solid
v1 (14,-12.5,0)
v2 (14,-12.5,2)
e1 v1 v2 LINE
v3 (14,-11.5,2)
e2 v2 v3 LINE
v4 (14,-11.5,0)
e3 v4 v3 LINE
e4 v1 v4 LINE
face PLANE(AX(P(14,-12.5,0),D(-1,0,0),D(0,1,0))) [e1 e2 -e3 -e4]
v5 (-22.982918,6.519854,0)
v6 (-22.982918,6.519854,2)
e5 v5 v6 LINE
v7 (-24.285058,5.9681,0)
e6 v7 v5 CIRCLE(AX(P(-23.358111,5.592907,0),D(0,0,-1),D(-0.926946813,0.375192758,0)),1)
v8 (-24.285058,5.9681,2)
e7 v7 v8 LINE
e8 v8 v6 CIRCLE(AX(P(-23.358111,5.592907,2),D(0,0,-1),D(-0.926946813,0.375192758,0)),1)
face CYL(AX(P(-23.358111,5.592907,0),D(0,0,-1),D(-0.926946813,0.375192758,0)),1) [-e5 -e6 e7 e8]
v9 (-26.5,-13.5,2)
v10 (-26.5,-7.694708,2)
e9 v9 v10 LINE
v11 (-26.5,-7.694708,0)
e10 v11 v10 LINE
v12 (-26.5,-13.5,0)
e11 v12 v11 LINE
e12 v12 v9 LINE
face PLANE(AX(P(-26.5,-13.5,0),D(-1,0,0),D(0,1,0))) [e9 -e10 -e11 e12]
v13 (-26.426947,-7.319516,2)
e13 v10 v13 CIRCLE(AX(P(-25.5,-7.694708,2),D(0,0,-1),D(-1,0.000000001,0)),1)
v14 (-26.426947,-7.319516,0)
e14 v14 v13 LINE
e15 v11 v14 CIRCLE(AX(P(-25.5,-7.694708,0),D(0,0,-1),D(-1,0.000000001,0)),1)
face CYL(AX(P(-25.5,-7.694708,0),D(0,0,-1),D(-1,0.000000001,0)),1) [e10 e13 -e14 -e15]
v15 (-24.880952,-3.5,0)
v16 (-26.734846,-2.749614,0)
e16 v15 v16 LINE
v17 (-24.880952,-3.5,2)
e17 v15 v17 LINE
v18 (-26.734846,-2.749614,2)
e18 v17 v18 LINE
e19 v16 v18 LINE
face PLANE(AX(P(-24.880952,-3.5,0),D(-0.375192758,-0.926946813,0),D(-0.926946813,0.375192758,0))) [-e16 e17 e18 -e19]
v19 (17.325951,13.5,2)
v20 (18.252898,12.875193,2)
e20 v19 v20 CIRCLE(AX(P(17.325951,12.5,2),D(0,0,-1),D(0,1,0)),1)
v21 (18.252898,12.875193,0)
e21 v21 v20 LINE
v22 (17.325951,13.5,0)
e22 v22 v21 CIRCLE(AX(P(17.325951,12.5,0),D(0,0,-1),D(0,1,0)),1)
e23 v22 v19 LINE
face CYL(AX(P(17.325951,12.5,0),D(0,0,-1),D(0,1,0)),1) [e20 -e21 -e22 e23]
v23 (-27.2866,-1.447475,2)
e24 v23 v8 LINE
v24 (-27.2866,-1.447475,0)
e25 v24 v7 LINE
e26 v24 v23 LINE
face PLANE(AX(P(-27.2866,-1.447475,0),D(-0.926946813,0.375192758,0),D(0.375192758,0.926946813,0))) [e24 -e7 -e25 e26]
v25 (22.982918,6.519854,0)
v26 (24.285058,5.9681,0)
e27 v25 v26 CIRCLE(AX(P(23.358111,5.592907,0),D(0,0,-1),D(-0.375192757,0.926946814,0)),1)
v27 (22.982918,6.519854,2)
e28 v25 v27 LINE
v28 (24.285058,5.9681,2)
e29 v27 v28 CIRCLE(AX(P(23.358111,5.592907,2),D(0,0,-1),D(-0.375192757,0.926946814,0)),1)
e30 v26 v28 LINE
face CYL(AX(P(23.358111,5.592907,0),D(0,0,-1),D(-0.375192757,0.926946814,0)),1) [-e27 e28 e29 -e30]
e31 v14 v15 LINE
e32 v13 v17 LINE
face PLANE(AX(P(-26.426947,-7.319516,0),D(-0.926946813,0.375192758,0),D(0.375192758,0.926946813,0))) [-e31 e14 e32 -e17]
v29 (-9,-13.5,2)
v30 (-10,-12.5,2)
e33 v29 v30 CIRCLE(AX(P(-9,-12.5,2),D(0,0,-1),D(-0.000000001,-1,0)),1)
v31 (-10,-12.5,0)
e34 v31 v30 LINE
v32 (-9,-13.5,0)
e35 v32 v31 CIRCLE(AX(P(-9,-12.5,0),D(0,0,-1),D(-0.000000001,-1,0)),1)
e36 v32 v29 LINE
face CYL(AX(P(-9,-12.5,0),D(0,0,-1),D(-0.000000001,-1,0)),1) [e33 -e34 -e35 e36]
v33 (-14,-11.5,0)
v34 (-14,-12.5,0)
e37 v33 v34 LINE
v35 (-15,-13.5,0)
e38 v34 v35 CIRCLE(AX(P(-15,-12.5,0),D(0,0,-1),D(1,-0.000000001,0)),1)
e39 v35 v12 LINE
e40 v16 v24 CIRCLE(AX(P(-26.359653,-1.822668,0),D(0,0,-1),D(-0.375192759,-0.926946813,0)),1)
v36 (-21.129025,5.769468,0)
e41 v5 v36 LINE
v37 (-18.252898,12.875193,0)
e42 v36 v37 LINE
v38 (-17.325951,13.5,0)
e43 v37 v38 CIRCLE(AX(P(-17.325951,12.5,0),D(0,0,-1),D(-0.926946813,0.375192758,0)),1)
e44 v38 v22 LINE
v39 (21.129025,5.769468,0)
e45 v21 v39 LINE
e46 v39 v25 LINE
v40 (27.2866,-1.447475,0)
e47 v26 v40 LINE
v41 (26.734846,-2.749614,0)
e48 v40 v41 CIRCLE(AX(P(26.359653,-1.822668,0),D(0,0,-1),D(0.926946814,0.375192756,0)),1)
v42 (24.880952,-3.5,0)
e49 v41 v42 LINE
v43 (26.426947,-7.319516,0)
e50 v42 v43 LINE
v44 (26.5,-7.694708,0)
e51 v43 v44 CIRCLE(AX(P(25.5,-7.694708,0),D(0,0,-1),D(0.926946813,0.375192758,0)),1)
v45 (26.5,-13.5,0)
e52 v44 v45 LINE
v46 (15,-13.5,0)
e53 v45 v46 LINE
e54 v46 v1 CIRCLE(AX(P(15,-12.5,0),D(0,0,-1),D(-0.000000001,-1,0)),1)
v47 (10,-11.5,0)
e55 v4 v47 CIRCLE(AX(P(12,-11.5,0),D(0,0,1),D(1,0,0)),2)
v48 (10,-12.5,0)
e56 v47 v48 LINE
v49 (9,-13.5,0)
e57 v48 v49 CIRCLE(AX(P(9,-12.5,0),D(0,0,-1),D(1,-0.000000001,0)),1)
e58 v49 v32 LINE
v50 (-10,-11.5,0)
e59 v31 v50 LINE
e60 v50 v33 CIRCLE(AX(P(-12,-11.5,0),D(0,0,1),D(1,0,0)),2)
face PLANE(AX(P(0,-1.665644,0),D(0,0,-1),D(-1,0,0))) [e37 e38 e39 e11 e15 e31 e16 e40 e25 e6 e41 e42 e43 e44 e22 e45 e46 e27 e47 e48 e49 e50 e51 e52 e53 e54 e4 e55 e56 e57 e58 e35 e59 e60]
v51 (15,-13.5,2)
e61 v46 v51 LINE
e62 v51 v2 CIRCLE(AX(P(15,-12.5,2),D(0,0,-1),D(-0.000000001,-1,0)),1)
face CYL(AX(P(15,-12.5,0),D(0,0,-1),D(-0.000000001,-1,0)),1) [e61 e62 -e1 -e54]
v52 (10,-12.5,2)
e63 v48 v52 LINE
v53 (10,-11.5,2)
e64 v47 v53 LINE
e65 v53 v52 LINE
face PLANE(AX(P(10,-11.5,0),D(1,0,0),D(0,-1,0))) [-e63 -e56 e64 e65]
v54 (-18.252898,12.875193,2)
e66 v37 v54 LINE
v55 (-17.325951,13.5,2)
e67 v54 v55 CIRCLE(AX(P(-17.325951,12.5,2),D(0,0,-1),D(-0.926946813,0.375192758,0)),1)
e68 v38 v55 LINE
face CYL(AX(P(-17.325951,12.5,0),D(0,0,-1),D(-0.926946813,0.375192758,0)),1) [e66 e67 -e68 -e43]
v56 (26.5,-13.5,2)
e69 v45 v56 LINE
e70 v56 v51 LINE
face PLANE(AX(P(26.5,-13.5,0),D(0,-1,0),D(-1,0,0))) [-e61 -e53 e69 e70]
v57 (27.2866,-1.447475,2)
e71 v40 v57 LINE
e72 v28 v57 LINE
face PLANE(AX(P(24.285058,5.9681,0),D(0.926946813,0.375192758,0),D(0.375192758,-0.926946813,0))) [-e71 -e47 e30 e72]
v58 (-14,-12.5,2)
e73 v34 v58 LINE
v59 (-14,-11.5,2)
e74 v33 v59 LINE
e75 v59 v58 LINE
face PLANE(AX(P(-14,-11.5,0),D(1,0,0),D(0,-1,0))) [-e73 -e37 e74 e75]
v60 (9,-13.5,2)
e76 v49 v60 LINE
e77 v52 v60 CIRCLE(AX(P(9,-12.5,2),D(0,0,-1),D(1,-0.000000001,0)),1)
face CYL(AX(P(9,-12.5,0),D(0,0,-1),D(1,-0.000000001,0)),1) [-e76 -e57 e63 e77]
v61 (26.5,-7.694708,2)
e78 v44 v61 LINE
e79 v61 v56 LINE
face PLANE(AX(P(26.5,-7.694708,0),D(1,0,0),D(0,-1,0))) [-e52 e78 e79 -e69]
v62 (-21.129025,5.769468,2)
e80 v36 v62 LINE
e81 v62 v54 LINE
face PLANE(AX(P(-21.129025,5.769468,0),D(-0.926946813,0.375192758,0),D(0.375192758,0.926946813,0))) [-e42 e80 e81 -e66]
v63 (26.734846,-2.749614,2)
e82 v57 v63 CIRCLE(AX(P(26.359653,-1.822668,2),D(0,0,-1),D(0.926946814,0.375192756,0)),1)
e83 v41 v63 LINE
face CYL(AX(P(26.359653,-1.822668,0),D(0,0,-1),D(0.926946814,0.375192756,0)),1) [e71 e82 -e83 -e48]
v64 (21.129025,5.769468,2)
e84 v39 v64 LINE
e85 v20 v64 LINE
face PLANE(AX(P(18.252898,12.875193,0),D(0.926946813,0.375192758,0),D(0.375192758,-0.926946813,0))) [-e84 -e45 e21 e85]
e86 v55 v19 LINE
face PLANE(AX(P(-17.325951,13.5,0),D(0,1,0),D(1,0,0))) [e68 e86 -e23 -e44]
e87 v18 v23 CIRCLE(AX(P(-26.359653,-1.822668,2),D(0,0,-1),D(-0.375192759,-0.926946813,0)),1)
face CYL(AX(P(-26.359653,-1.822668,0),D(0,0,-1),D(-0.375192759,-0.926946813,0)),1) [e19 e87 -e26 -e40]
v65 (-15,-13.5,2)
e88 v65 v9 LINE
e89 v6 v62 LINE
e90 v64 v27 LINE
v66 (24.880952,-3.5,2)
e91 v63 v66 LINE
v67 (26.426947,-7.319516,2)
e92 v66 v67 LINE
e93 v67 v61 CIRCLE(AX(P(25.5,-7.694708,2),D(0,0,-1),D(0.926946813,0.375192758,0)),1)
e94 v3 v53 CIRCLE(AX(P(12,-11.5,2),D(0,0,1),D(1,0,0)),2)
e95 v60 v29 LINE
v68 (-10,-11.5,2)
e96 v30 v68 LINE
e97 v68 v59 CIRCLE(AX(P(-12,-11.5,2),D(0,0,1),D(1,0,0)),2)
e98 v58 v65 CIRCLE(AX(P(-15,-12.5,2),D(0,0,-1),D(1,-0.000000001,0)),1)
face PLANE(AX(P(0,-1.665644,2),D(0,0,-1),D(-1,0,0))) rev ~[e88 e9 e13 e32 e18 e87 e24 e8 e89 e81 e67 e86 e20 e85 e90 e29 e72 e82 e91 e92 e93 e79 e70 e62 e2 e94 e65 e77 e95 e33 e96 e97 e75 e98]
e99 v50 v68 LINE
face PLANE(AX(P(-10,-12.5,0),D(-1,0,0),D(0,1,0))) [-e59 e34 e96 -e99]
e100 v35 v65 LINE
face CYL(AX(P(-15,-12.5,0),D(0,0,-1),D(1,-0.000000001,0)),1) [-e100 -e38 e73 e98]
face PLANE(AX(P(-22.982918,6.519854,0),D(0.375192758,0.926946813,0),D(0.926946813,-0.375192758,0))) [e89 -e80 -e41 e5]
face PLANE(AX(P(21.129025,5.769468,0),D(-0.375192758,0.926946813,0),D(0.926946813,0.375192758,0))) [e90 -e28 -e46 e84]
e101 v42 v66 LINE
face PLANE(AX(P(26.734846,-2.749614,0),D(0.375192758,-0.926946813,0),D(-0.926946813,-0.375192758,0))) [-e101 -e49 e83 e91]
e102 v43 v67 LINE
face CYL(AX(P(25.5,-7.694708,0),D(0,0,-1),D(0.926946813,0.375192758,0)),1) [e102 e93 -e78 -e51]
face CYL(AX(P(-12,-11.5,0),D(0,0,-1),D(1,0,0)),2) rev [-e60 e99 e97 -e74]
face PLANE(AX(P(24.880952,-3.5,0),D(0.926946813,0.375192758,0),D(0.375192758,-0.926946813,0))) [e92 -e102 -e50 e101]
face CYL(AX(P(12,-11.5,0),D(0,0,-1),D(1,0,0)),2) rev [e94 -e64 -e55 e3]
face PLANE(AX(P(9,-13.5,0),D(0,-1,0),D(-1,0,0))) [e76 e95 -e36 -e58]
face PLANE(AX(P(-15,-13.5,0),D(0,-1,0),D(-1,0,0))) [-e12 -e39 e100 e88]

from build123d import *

# Parameters (mm, degrees)
RESSALTO_EXTRUS_O1_DEPTH = 2


with BuildPart() as part:
    # Esboço1 → Ressalto-extrusão1 (new body)
    with BuildSketch(Plane.XY):
        with BuildLine():
            Line((-26.426946813, -7.319515656), (-24.880952381, -3.5))
            Line((-24.880952381, -3.5), (-26.734846007, -2.749614485))
            ThreePointArc((-26.734846007, -2.749614485), (-27.28040497, -2.212816705), (-27.286600063, -1.447474914))
            Line((-27.286600063, -1.447474914), (-24.285058001, 5.968099592))
            ThreePointArc((-24.285058001, 5.968099592), (-23.748260222, 6.513658555), (-22.98291843, 6.519853648))
            Line((-22.98291843, 6.519853648), (-21.129024804, 5.769468132))
            Line((-21.129024804, 5.769468132), (-18.252898169, 12.875192758))
            ThreePointArc((-18.252898169, 12.875192758), (-17.88488214, 13.329214314), (-17.325951356, 13.5))
            Line((-17.325951356, 13.5), (17.325951356, 13.5))
            ThreePointArc((17.325951356, 13.5), (17.88488214, 13.329214314), (18.252898169, 12.875192758))
            Line((18.252898169, 12.875192758), (21.129024804, 5.769468132))
            Line((21.129024804, 5.769468132), (22.98291843, 6.519853648))
            ThreePointArc((22.98291843, 6.519853648), (23.748260222, 6.513658555), (24.285058001, 5.968099592))
            Line((24.285058001, 5.968099592), (27.286600063, -1.447474914))
            ThreePointArc((27.286600063, -1.447474914), (27.28040497, -2.212816705), (26.734846007, -2.749614485))
            Line((26.734846007, -2.749614485), (24.880952381, -3.5))
            Line((24.880952381, -3.5), (26.426946813, -7.319515656))
            ThreePointArc((26.426946813, -7.319515656), (26.481566812, -7.503589097), (26.5, -7.694708414))
            Line((26.5, -7.694708414), (26.5, -13.5))
            Line((26.5, -13.5), (15, -13.5))
            ThreePointArc((15, -13.5), (14.292893219, -13.207106781), (14, -12.5))
            Line((14, -12.5), (14, -11.5))
            ThreePointArc((14, -11.5), (12, -9.5), (10, -11.5))
            Line((10, -11.5), (10, -12.5))
            ThreePointArc((10, -12.5), (9.707106781, -13.207106781), (9, -13.5))
            Line((9, -13.5), (-9, -13.5))
            ThreePointArc((-9, -13.5), (-9.707106781, -13.207106781), (-10, -12.5))
            Line((-10, -12.5), (-10, -11.5))
            ThreePointArc((-10, -11.5), (-12, -9.5), (-14, -11.5))
            Line((-14, -11.5), (-14, -12.5))
            ThreePointArc((-14, -12.5), (-14.292893219, -13.207106781), (-15, -13.5))
            Line((-15, -13.5), (-26.5, -13.5))
            Line((-26.5, -13.5), (-26.5, -7.694708414))
            ThreePointArc((-26.5, -7.694708414), (-26.481566812, -7.503589097), (-26.426946813, -7.319515656))
        make_face()
    extrude(amount=RESSALTO_EXTRUS_O1_DEPTH)


solid = part.part
